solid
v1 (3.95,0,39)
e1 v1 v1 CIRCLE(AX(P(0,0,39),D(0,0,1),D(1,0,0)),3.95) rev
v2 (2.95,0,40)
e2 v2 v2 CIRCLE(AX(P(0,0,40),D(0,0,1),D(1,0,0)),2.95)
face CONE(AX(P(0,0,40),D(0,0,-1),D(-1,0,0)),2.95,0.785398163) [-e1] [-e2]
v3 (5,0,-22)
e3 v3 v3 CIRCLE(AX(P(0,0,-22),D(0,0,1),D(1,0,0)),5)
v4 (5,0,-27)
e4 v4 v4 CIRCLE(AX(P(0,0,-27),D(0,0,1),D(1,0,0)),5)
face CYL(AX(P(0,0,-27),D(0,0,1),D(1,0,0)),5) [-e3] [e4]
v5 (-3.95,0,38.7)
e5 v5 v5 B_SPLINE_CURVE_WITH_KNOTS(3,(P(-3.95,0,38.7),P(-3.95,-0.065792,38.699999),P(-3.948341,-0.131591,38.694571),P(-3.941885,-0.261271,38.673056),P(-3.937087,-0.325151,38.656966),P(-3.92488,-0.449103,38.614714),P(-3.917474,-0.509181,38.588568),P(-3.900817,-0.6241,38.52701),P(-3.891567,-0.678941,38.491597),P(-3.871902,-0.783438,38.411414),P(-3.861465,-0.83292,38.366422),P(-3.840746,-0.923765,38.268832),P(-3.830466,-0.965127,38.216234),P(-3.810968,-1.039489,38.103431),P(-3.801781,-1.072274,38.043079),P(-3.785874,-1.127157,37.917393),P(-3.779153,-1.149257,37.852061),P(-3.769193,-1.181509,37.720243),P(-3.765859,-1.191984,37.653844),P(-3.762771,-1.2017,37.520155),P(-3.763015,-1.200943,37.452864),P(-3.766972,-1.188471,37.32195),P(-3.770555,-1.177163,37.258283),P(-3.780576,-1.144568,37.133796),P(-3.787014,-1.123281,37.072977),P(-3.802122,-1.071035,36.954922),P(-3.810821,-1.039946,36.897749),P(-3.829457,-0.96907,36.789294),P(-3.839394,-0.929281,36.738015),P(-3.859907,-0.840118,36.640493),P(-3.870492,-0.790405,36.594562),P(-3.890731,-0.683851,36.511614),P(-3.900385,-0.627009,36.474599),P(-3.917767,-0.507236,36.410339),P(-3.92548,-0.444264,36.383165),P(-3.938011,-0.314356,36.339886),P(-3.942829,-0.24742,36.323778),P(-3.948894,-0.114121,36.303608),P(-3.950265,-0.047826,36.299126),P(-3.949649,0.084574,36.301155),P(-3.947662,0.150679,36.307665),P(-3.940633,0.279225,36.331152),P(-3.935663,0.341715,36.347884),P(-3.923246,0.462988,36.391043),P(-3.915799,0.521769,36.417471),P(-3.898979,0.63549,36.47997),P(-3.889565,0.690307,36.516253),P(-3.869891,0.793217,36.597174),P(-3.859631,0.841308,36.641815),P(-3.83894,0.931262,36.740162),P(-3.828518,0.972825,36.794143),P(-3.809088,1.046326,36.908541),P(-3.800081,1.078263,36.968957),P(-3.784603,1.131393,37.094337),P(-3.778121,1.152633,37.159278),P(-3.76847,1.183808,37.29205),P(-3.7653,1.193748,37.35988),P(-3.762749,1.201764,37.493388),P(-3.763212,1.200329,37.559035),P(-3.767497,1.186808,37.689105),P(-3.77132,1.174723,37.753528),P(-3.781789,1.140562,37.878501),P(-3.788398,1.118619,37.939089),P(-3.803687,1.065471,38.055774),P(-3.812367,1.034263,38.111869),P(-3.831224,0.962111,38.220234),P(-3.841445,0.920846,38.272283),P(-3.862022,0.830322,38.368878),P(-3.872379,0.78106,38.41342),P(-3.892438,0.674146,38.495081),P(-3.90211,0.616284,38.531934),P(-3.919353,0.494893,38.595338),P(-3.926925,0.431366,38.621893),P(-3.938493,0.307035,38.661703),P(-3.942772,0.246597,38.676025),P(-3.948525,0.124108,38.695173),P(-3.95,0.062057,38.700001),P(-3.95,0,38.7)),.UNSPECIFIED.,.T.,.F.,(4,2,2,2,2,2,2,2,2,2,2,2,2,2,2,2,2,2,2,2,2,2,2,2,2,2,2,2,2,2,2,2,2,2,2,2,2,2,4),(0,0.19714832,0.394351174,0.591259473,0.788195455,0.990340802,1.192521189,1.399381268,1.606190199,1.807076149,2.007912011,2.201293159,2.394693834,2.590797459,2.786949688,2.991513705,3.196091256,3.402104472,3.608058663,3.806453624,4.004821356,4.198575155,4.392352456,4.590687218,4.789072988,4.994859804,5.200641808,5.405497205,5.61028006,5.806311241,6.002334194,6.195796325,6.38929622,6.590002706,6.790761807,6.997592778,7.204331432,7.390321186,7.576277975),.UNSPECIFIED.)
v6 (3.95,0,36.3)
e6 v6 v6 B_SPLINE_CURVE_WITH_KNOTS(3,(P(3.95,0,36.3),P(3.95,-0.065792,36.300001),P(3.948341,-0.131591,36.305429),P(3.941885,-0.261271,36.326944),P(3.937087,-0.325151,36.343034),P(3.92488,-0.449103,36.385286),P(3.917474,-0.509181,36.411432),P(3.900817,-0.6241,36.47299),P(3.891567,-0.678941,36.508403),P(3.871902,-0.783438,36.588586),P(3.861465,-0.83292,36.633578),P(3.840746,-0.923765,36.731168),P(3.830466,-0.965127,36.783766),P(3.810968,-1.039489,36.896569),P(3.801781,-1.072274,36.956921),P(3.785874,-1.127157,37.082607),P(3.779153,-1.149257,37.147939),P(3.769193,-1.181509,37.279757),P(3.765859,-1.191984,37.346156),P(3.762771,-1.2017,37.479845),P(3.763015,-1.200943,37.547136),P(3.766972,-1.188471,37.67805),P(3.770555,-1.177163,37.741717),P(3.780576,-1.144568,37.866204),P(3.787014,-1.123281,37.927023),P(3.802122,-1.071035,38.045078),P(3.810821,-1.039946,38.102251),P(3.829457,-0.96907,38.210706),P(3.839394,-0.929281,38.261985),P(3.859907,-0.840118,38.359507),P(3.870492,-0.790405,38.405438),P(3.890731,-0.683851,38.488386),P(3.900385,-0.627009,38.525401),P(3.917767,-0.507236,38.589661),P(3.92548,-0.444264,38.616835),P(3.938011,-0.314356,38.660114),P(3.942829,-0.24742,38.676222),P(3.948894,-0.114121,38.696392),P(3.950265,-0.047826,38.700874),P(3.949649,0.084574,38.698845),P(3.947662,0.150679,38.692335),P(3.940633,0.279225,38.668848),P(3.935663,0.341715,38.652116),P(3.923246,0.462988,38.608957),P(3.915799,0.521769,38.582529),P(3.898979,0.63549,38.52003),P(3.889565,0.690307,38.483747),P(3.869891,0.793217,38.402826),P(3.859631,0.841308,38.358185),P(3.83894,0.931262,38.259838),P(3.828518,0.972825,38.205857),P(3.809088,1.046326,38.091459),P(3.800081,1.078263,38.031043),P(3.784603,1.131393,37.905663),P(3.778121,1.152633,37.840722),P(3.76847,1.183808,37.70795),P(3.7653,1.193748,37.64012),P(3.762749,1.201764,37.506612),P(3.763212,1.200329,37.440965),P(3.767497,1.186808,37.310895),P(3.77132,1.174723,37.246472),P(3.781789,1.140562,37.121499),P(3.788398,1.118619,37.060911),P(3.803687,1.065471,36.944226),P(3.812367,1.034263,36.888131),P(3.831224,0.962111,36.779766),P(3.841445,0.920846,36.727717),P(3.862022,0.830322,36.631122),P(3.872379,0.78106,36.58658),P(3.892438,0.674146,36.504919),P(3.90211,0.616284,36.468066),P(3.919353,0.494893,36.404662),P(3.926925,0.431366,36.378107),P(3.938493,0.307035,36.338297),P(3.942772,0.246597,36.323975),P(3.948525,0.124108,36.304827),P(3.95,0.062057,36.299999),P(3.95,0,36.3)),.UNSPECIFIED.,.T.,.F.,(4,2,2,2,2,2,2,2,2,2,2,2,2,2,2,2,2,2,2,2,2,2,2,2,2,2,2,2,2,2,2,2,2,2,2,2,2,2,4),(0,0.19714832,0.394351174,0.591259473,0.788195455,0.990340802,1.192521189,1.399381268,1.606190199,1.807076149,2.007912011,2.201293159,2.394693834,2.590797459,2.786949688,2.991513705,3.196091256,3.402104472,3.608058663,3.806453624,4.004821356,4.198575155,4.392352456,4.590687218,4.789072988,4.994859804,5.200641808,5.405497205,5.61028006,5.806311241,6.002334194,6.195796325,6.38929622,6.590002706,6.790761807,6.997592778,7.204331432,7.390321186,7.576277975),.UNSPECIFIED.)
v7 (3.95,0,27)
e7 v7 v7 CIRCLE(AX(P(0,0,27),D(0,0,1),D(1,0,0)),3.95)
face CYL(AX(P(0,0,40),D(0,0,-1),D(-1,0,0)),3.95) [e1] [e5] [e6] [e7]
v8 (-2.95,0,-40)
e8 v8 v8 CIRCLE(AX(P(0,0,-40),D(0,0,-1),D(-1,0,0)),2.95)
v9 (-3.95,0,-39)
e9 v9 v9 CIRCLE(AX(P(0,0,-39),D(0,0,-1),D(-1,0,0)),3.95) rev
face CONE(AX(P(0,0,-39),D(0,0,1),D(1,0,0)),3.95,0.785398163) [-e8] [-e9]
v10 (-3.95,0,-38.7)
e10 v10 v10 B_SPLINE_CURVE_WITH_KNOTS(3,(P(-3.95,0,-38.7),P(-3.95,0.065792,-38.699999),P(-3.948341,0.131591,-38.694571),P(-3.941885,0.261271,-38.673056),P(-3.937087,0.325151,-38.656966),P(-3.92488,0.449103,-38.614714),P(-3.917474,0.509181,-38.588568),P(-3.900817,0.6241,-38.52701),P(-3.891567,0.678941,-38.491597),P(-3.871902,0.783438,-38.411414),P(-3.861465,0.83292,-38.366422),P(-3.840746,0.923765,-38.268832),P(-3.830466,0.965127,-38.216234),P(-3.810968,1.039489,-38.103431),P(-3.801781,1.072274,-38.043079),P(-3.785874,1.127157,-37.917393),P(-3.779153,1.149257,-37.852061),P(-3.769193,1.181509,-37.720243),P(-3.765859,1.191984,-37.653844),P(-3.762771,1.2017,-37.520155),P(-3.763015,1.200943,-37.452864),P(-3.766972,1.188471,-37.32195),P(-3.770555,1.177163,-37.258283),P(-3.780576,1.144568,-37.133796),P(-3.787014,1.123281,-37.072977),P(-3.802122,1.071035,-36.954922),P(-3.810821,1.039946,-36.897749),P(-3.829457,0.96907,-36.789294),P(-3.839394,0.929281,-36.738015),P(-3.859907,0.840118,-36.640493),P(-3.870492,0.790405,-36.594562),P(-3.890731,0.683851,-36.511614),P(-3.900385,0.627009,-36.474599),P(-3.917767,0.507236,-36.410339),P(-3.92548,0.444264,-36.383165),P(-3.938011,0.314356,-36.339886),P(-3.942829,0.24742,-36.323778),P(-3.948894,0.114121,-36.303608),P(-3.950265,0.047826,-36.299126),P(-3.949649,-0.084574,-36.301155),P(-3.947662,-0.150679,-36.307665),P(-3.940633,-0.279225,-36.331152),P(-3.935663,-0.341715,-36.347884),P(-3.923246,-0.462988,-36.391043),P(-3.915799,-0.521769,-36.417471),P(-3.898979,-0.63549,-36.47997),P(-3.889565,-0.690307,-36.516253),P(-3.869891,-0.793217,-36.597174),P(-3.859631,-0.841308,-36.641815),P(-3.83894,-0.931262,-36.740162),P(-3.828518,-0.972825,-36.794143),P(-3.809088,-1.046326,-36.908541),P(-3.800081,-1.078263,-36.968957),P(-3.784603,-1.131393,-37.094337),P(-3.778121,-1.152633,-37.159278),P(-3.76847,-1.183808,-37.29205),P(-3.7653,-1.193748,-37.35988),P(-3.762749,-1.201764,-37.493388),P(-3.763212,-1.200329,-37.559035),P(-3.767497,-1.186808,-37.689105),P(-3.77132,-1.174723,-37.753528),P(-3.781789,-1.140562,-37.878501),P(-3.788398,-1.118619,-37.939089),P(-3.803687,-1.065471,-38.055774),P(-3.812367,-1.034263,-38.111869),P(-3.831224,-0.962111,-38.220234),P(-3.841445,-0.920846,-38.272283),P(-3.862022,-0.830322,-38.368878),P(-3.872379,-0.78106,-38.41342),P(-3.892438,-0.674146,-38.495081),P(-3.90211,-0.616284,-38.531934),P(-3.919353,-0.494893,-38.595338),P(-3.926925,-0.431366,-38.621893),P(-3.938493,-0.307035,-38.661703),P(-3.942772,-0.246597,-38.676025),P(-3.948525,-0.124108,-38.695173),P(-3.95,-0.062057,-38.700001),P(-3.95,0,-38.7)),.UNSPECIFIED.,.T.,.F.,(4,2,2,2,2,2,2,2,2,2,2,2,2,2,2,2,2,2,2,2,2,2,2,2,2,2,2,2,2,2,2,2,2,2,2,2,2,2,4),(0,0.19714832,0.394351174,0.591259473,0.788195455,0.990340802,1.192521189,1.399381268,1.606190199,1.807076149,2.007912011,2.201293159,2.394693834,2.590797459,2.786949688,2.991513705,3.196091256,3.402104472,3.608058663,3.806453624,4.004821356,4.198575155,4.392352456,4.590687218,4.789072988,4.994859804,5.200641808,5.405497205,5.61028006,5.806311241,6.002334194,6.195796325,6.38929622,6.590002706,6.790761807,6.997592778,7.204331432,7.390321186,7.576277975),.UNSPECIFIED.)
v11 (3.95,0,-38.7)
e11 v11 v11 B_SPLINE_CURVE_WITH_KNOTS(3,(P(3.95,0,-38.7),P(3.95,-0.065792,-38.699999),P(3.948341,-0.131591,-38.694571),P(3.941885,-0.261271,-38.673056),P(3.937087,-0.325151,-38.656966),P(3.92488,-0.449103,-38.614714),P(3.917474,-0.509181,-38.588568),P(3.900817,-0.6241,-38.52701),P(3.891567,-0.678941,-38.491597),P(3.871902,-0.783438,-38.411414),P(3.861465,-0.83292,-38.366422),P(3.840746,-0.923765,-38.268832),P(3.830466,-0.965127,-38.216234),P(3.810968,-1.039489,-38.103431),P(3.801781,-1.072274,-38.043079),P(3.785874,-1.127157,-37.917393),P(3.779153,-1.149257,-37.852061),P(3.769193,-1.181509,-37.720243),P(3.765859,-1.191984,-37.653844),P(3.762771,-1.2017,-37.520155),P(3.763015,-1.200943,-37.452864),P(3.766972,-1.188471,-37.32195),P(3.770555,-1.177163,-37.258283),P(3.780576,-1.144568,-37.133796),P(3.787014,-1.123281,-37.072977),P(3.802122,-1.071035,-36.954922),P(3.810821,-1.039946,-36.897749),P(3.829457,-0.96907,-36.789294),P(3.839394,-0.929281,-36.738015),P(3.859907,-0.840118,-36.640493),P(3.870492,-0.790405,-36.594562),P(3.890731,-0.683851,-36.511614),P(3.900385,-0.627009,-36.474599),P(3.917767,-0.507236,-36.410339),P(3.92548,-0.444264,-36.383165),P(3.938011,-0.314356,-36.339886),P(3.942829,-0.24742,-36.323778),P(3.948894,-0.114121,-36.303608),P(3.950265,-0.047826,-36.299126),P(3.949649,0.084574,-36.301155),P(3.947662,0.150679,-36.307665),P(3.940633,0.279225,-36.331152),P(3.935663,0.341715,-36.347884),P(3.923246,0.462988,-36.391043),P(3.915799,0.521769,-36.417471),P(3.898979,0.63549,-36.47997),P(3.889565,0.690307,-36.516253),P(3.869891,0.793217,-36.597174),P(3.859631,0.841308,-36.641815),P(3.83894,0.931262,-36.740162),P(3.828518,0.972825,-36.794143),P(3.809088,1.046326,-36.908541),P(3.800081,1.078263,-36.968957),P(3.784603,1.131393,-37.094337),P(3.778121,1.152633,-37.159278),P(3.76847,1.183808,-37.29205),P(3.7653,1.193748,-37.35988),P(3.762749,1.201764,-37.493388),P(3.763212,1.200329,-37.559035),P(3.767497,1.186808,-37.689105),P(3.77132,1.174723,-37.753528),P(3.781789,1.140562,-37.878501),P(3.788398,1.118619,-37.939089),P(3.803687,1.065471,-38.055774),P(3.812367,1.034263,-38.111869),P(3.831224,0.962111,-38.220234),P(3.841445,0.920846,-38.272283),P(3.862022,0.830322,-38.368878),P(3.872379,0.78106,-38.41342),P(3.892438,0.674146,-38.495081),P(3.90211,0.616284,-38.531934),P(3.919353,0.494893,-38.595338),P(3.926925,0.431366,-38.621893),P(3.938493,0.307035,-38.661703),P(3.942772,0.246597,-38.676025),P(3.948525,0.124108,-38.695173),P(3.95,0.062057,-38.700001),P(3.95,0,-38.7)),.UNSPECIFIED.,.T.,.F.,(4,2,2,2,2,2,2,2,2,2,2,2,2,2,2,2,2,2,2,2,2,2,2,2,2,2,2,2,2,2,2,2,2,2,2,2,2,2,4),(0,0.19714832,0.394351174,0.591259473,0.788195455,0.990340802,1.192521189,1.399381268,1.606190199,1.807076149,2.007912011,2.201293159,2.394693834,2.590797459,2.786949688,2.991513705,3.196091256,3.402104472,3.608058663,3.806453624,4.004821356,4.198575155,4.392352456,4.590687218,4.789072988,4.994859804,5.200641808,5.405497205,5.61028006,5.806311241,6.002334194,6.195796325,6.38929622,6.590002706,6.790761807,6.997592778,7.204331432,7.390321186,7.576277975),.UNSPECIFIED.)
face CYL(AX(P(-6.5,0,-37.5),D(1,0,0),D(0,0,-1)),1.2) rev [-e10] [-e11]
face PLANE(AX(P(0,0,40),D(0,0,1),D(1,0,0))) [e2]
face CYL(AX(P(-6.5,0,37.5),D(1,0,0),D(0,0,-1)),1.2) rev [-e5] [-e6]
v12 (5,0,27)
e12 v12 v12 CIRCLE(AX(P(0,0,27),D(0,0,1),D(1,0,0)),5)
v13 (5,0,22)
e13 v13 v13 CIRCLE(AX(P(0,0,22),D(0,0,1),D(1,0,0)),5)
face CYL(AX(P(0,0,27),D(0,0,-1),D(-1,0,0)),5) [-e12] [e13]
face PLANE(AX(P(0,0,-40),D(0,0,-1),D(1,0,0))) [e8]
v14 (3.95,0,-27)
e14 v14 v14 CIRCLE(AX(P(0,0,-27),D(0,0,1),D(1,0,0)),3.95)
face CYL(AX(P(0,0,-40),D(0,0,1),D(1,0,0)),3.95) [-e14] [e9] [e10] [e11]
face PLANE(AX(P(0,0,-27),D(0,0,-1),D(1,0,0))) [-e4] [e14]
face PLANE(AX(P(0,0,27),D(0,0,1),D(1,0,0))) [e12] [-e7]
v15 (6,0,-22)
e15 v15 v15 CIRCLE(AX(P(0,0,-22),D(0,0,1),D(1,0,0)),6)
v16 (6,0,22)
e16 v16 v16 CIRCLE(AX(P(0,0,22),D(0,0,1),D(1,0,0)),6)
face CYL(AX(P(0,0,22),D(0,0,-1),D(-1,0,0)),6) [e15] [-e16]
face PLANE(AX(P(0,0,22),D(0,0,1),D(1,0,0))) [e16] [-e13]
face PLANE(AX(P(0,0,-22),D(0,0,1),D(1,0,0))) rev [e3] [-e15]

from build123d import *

# Parameters (mm, degrees)
SKETCH1_R           = 6
BOSS_EXTRUDE1_DEPTH = 22
SKETCH2_R           = 5
BOSS_EXTRUDE2_DEPTH = 5
SKETCH3_R           = 3.95
BOSS_EXTRUDE3_DEPTH = 13
SKETCH4_R           = 1.2
CUT_EXTRUDE1_DEPTH  = 6.5
CHAMFER1_SIZE       = 1
CHAMFER2_SIZE       = 1


with BuildPart() as part:
    # Sketch1 → Boss-Extrude1 (new, symmetric)
    with BuildSketch(Plane.XY):
        Circle(SKETCH1_R)
    extrude(amount=BOSS_EXTRUDE1_DEPTH, both=True)

    # Sketch2 → Boss-Extrude2 (add)
    with BuildSketch(Plane.XY.offset(22)):
        Circle(SKETCH2_R)
    boss_extrude2 = extrude(amount=BOSS_EXTRUDE2_DEPTH)

    # Sketch3 → Boss-Extrude3 (add)
    with BuildSketch(Plane.XY.offset(27)):
        with Locations(Location((0, 0, 0), (0, 0, 180))):
            Circle(SKETCH3_R)
    boss_extrude3 = extrude(amount=BOSS_EXTRUDE3_DEPTH)

    # Sketch4 → Cut-Extrude1 (cut, symmetric)
    with BuildSketch(Plane(origin=(0, 0, 0), x_dir=(0, 0, -1), z_dir=(1, 0, 0))):
        with Locations(Location((-37.5, 0, 0), (0, 0, 179.999999999))):
            Circle(SKETCH4_R)
    cut_extrude1 = extrude(amount=CUT_EXTRUDE1_DEPTH, both=True, mode=Mode.SUBTRACT)

    # Chamfer1
    chamfer1_edges = [part.edges().sort_by_distance(p)[0] for p in [
        (3.95, 0, 40),
    ]]
    chamfer(chamfer1_edges, length=CHAMFER1_SIZE)

    # Mirror1: Boss-Extrude2, Boss-Extrude3 across plane
    add(boss_extrude2.mirror(Plane.XY))
    add(boss_extrude3.mirror(Plane.XY))

    # Mirror2: Cut-Extrude1 across plane
    add(cut_extrude1.mirror(Plane.XY), mode=Mode.SUBTRACT)

    # Chamfer2
    chamfer2_edges = [part.edges().sort_by_distance(p)[0] for p in [
        (3.95, 0, -40),
    ]]
    chamfer(chamfer2_edges, length=CHAMFER2_SIZE)


solid = part.part
